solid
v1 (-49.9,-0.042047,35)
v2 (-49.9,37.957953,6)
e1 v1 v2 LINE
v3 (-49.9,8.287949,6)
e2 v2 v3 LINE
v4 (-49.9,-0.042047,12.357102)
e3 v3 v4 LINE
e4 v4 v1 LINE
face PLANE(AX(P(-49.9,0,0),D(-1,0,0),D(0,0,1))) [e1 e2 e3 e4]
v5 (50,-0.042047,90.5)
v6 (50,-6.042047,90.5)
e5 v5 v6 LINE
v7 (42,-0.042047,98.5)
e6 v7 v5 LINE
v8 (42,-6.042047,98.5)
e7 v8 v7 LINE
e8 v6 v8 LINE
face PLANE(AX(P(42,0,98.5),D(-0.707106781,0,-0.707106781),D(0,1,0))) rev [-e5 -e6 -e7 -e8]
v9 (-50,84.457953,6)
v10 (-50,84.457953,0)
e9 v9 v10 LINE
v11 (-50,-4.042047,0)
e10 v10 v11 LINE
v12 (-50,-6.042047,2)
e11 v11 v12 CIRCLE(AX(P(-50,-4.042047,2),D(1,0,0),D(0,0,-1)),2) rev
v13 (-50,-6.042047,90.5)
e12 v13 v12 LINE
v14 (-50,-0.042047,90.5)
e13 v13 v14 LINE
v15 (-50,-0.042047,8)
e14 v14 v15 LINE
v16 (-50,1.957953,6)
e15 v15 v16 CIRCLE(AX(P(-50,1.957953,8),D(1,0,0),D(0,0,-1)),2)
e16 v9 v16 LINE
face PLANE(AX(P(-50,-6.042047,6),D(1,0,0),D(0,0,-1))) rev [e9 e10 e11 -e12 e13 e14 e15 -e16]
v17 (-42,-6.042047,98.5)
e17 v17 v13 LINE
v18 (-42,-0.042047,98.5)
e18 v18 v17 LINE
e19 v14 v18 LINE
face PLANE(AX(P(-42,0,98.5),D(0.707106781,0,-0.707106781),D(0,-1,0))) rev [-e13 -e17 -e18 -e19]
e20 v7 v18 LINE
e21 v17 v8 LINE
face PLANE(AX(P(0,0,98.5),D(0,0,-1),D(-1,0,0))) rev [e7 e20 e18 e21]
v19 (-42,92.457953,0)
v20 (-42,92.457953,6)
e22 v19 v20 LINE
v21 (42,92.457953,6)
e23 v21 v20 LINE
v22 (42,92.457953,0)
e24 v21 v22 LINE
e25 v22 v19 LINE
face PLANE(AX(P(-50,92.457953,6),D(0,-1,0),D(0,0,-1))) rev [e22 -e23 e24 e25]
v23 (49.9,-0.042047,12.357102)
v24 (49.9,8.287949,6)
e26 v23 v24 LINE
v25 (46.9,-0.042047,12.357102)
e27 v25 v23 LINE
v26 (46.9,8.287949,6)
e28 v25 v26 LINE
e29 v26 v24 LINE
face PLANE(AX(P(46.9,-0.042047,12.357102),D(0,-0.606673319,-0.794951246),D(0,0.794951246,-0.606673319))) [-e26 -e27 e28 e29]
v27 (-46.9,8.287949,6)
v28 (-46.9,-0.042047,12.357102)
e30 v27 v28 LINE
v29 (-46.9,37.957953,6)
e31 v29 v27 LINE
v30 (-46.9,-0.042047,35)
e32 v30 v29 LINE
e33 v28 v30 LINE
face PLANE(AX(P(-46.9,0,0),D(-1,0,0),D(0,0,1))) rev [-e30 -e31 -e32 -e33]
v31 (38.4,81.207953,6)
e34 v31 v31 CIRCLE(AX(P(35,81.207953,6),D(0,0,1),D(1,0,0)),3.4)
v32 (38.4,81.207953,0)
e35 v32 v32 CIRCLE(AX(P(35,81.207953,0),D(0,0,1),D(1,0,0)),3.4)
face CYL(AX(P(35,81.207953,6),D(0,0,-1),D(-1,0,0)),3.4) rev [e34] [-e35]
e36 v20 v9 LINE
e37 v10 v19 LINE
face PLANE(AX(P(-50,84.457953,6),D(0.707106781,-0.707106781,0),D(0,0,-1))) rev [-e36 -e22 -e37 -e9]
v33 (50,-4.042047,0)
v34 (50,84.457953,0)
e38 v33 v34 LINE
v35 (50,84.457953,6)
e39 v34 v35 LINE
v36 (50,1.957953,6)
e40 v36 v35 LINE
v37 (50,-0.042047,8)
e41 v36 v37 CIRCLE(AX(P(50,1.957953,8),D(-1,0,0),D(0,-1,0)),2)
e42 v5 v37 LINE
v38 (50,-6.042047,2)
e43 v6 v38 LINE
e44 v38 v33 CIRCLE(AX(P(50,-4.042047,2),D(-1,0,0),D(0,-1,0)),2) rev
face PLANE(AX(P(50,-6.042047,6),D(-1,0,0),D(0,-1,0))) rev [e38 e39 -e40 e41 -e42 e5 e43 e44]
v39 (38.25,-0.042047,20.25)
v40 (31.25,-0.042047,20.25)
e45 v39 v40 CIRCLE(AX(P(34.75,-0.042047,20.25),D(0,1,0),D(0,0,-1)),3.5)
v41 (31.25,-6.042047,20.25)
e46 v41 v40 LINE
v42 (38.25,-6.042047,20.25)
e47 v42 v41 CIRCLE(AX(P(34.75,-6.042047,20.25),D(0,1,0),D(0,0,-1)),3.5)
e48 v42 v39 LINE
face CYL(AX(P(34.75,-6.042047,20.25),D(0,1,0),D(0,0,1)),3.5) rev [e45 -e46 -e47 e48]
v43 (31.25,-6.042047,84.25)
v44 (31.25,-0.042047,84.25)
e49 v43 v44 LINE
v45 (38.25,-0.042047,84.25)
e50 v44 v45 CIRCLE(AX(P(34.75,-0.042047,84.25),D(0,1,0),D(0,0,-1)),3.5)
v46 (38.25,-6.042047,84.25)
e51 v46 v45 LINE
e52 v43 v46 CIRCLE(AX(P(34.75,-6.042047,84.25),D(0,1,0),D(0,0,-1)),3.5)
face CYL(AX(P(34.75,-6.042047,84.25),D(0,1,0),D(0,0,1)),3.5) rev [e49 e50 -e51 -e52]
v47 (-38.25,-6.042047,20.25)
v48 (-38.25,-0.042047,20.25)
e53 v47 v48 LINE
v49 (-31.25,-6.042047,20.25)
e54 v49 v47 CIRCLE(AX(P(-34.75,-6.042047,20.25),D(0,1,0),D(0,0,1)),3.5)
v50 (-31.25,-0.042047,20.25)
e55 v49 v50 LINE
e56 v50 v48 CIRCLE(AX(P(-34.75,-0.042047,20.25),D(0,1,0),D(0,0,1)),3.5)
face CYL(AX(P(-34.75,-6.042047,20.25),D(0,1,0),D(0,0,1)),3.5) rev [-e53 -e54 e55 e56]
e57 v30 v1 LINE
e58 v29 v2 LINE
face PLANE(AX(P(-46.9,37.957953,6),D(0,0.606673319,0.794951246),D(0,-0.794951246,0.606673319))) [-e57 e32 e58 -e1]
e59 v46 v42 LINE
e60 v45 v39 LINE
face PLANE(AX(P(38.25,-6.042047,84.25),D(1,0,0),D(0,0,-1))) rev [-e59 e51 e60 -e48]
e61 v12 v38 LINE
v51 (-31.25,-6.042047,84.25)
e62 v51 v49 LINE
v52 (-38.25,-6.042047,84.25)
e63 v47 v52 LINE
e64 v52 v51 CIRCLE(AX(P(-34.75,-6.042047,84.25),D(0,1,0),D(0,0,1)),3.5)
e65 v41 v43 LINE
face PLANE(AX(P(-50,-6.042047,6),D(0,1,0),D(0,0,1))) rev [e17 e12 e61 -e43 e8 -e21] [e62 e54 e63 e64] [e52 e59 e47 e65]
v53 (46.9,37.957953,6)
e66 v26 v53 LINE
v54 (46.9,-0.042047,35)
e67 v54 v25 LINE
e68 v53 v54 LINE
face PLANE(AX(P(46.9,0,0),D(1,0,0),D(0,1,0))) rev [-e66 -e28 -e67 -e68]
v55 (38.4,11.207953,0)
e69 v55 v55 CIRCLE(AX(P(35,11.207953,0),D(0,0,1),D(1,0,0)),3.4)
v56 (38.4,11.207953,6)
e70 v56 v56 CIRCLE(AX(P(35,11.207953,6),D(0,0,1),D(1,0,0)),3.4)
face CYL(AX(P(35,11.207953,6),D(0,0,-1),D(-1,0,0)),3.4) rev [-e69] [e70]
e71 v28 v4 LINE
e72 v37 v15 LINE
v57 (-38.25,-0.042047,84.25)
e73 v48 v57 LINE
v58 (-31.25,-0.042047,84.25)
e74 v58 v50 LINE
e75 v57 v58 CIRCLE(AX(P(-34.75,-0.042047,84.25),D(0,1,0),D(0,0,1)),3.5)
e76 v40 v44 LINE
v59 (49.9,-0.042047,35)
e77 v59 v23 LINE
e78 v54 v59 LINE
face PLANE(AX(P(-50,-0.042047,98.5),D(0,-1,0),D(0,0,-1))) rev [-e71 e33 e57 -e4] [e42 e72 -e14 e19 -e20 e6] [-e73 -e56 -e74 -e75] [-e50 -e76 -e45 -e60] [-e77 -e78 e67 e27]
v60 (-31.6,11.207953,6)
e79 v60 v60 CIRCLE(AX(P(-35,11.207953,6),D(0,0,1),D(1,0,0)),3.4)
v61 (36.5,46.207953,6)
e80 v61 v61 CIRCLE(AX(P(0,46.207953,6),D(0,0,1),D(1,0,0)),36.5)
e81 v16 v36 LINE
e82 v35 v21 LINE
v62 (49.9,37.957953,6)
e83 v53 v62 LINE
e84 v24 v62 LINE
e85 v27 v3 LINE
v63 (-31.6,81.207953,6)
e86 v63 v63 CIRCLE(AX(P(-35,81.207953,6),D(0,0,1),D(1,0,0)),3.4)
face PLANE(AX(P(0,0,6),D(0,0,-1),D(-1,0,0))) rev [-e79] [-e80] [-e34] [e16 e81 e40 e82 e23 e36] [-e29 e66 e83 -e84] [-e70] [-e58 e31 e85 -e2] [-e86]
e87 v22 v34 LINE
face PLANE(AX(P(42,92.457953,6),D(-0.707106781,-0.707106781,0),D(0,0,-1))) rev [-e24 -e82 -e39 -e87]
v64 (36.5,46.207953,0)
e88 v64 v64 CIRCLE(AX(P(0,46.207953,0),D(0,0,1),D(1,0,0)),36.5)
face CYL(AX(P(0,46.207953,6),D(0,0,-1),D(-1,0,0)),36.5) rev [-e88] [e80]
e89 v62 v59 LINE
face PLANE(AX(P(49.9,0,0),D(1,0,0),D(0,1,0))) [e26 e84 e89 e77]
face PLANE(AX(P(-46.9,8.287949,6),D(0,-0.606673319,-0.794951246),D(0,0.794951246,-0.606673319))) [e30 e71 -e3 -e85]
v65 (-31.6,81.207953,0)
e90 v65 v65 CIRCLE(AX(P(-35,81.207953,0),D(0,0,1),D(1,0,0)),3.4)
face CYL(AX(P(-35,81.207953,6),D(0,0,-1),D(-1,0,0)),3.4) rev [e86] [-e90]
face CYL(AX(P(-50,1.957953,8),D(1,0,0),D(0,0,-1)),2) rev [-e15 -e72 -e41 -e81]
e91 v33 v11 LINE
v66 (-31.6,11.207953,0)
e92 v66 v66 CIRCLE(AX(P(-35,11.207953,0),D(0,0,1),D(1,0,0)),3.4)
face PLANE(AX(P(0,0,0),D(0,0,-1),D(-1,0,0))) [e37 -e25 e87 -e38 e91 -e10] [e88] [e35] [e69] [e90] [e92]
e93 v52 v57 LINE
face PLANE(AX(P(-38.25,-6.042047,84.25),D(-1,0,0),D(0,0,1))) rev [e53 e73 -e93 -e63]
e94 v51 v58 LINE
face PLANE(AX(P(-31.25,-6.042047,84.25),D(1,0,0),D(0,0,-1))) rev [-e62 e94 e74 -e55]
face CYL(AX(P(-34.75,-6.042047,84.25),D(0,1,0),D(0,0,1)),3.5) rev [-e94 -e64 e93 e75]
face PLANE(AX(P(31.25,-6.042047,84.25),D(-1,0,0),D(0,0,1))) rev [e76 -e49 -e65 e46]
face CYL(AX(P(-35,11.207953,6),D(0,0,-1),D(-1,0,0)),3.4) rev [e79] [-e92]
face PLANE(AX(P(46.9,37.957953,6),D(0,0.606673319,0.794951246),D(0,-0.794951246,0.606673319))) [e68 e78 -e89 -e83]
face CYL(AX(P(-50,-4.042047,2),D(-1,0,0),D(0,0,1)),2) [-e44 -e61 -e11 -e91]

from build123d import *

# Parameters (mm, degrees)
SKETCH1_W           = 100
SKETCH1_H           = 98.5
SKETCH1_R           = 36.5
SKETCH1_R_2         = 3.4
BOSS_EXTRUDE1_DEPTH = 6
SKETCH2_W           = 100
SKETCH2_H           = 6
BOSS_EXTRUDE2_DEPTH = 92.5
CHAMFER1_SIZE       = 8
CUT_EXTRUDE1_DEPTH  = 145.078103819
BOSS_EXTRUDE3_START = -0.1
BOSS_EXTRUDE3_DEPTH = 3
BOSS_EXTRUDE4_START = -0.1
BOSS_EXTRUDE4_DEPTH = 3
FILLET1_R           = 2


with BuildPart() as part:
    # Sketch1 → Boss-Extrude1 (new body)
    with BuildSketch(Plane.XY):
        with Locations((0, 43.207953426)):
            Rectangle(SKETCH1_W, SKETCH1_H)
        with Locations((0, 46.207953426)):
            Circle(SKETCH1_R, mode=Mode.SUBTRACT)
        with Locations((-35, 81.207953426)):
            Circle(SKETCH1_R_2, mode=Mode.SUBTRACT)
        with Locations((35, 81.207953426)):
            Circle(SKETCH1_R_2, mode=Mode.SUBTRACT)
        with Locations((35, 11.207953426)):
            Circle(SKETCH1_R_2, mode=Mode.SUBTRACT)
        with Locations((-35, 11.207953426)):
            Circle(SKETCH1_R_2, mode=Mode.SUBTRACT)
    extrude(amount=BOSS_EXTRUDE1_DEPTH)

    # Sketch2 → Boss-Extrude2 (add)
    with BuildSketch(Plane.XY.offset(6)):
        with Locations((0, -3.042046574)):
            Rectangle(SKETCH2_W, SKETCH2_H)
    extrude(amount=BOSS_EXTRUDE2_DEPTH)

    # Chamfer1
    chamfer1_edges = [part.edges().sort_by_distance(p)[0] for p in [
        (-50, -3.042046574, 98.5),
        (50, -3.042046574, 98.5),
        (-50, 92.457953426, 3),
        (50, 92.457953426, 3),
    ]]
    chamfer(chamfer1_edges, length=CHAMFER1_SIZE)

    # Sketch3 → Cut-Extrude1 (cut, through all)
    with BuildSketch(Plane(origin=(0, -0.042046574, 0), x_dir=(1, 0, 0), z_dir=(0, 1, 0))):
        with BuildLine():
            Line((-38.25, -84.25), (-38.25, -20.25))
            ThreePointArc((-38.25, -20.25), (-34.75, -16.75), (-31.25, -20.25))
            Line((-31.25, -20.25), (-31.25, -84.25))
            ThreePointArc((-31.25, -84.25), (-34.75, -87.75), (-38.25, -84.25))
        make_face()
        with BuildLine():
            Line((38.25, -84.25), (38.25, -20.25))
            ThreePointArc((38.25, -20.25), (34.75, -16.75), (31.25, -20.25))
            Line((31.25, -20.25), (31.25, -84.25))
            ThreePointArc((31.25, -84.25), (34.75, -87.75), (38.25, -84.25))
        make_face()
    extrude(amount=-CUT_EXTRUDE1_DEPTH, mode=Mode.SUBTRACT)

    # Sketch4 → Boss-Extrude3 (add)
    with BuildSketch(Plane.ZY.offset(50).offset(BOSS_EXTRUDE3_START)):
        Polygon((6, 37.957953426), (35, -0.042046574), (12.357101974, -0.042046574), (6, 8.287949116), align=None)
    extrude(amount=-BOSS_EXTRUDE3_DEPTH)

    # Sketch5 → Boss-Extrude4 (add)
    with BuildSketch(Plane(origin=(50, 0, 0), x_dir=(0, 0, -1), z_dir=(1, 0, 0)).offset(BOSS_EXTRUDE4_START)):
        Polygon((-6, 8.287949116), (-6, 37.957953426), (-35, -0.042046574), (-12.357101974, -0.042046574), align=None)
    extrude(amount=-BOSS_EXTRUDE4_DEPTH)

    # Fillet1
    fillet1_edges = [part.edges().sort_by_distance(p)[0] for p in [
        (0, -0.042046574, 6),
        (0, -6.042046574, 0),
    ]]
    fillet(fillet1_edges, radius=FILLET1_R)


solid = part.part
